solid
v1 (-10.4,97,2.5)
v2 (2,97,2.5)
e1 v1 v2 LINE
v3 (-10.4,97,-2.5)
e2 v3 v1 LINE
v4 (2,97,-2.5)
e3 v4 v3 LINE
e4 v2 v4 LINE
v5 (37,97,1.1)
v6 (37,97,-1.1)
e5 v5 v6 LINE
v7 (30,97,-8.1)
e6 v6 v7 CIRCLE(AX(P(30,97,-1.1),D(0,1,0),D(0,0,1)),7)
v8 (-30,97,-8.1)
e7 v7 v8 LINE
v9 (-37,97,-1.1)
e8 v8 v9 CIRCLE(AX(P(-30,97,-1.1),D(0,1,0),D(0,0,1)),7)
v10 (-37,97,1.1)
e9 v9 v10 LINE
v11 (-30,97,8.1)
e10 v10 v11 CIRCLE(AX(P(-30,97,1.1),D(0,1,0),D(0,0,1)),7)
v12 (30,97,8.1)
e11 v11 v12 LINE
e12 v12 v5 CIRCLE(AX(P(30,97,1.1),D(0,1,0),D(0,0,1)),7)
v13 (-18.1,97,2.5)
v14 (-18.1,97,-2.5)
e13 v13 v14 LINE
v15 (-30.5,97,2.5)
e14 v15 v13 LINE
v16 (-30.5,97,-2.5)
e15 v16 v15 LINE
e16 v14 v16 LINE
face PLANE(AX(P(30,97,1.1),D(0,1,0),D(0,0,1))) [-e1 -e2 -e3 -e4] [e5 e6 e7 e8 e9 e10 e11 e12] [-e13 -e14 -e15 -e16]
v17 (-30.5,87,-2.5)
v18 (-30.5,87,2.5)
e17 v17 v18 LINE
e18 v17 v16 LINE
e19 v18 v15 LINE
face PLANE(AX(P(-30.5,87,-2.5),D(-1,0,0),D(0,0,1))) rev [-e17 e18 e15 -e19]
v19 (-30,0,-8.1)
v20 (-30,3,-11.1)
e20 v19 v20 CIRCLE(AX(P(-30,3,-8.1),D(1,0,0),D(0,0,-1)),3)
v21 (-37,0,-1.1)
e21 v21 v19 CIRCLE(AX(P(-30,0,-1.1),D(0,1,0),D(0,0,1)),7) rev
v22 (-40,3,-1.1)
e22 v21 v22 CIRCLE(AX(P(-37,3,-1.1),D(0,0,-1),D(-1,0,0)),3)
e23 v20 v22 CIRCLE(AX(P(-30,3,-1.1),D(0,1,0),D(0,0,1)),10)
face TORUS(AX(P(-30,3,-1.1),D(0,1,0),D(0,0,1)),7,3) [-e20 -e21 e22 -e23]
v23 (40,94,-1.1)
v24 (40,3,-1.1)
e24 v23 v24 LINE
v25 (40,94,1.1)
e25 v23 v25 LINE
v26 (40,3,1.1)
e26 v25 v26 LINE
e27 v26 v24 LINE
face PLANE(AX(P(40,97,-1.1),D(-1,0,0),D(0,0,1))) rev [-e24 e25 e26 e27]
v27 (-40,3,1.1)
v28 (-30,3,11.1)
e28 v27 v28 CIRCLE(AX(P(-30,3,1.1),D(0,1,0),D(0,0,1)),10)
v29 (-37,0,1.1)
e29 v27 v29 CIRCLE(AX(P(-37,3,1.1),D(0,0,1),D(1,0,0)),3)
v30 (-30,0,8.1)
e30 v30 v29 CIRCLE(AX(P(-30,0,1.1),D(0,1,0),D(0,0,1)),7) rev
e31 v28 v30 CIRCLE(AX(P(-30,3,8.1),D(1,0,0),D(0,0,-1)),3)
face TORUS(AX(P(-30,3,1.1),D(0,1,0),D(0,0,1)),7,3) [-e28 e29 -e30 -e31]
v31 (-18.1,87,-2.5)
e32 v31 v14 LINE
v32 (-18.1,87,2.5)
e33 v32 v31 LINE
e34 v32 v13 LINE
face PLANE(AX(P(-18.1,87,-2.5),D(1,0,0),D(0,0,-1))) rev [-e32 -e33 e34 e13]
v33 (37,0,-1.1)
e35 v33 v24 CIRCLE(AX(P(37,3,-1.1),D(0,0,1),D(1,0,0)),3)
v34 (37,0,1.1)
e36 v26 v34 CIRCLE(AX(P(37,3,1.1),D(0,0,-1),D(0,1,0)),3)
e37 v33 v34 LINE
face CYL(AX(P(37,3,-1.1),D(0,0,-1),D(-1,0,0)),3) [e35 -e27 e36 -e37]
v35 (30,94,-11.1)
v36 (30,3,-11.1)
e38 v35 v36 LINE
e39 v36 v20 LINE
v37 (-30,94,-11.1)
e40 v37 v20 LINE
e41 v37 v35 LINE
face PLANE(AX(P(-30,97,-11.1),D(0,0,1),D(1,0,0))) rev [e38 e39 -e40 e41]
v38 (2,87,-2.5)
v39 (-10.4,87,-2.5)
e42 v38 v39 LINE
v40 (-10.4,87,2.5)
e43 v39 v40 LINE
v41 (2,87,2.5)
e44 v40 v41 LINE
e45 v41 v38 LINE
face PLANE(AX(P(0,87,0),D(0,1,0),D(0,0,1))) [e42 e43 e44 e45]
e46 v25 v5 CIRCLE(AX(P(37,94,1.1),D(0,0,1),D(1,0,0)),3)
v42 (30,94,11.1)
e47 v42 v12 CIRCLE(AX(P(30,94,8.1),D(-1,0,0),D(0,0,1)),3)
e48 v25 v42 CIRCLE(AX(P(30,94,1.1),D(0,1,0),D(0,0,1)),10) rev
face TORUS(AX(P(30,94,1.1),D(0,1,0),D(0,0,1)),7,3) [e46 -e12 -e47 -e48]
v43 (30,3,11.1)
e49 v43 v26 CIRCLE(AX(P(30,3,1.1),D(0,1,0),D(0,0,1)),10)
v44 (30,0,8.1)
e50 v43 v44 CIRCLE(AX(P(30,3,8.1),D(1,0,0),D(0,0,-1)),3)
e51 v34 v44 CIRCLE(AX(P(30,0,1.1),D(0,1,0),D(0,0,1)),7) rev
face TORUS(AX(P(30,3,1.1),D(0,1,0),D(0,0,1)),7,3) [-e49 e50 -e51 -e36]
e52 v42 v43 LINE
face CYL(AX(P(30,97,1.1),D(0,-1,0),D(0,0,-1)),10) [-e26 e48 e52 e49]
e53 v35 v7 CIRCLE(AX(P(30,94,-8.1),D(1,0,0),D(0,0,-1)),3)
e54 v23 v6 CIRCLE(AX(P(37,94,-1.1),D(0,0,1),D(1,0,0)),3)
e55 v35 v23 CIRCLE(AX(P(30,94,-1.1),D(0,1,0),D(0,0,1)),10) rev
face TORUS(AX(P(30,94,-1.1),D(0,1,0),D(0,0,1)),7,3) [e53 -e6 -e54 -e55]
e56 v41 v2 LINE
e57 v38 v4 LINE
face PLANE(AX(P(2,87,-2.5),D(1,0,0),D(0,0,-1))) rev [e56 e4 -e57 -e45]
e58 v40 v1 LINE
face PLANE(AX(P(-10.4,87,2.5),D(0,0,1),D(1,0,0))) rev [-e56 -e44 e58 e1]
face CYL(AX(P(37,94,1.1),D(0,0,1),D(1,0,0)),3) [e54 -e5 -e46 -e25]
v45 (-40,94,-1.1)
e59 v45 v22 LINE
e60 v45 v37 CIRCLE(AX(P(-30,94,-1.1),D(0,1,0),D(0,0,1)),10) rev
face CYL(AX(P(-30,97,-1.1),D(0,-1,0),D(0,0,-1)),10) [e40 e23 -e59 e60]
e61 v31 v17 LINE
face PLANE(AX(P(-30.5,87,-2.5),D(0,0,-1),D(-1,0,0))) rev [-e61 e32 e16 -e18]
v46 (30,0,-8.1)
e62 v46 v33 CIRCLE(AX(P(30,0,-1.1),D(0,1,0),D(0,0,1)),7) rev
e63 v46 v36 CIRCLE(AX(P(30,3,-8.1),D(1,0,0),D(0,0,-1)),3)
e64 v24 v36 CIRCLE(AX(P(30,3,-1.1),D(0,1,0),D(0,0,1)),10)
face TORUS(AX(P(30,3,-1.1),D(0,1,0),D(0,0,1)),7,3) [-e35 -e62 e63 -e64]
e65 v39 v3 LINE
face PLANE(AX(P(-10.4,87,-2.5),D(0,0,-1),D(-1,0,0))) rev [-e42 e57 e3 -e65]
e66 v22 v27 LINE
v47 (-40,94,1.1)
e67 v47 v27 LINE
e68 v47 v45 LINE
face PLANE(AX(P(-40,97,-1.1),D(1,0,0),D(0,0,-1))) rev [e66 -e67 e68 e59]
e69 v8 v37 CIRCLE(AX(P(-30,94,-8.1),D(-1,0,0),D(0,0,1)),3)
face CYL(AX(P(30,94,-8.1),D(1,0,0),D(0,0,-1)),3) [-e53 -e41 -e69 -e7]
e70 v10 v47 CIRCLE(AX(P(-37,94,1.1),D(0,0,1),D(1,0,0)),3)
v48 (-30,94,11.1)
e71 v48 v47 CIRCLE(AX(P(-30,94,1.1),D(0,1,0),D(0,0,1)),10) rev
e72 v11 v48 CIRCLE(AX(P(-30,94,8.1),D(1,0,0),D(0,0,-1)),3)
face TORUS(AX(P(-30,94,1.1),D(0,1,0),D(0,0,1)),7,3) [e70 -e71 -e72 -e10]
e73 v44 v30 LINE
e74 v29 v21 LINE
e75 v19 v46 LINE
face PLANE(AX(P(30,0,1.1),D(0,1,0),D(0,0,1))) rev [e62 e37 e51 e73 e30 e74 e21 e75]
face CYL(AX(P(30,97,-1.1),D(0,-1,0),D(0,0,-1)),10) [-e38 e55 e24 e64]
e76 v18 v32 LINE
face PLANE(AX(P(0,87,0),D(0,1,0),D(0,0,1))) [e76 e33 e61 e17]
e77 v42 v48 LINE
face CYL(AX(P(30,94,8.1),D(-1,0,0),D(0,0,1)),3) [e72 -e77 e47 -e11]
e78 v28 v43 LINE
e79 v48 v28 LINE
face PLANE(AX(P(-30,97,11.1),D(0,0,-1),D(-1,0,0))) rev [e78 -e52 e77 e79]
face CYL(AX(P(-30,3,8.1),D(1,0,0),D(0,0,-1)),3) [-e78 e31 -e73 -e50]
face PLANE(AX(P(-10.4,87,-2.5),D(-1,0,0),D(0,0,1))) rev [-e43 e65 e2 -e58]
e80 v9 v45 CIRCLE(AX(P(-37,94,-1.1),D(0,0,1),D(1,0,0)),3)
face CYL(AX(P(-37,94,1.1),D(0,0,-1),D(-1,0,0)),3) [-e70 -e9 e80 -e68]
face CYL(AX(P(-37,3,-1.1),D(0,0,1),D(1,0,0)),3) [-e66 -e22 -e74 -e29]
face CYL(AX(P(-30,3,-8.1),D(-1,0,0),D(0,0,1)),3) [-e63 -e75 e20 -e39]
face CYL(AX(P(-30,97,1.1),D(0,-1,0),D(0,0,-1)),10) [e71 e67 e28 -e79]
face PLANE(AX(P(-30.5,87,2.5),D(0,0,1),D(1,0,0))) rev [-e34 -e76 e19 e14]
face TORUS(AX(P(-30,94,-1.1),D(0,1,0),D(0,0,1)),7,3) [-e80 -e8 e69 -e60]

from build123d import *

# Parameters (mm, degrees)
BOSS_EXTRUDE1_DEPTH = 97
FILLET1_R           = 3
SKETCH2_W           = 12.4
SKETCH2_H           = 5
CUT_EXTRUDE1_DEPTH  = 10


with BuildPart() as part:
    # Sketch1 → Boss-Extrude1 (new body)
    with BuildSketch(Plane(origin=(0, 0, 0), x_dir=(1, 0, 0), z_dir=(0, 1, 0))):
        with BuildLine():
            Line((-30, 11.1), (30, 11.1))
            ThreePointArc((30, 11.1), (37.071067812, 8.171067812), (40, 1.1))
            Line((40, 1.1), (40, -1.1))
            ThreePointArc((40, -1.1), (37.071067812, -8.171067812), (30, -11.1))
            Line((30, -11.1), (-30, -11.1))
            ThreePointArc((-30, -11.1), (-37.071067812, -8.171067812), (-40, -1.1))
            Line((-40, -1.1), (-40, 1.1))
            ThreePointArc((-40, 1.1), (-37.071067812, 8.171067812), (-30, 11.1))
        make_face()
    extrude(amount=BOSS_EXTRUDE1_DEPTH)

    # Fillet1
    fillet1_edges = [part.edges().sort_by_distance(p)[0] for p in [
        (37.071067812, 97, -8.171067812),
        (40, 0, 0),
        (37.071067812, 0, 8.171067812),
        (0, 97, -11.1),
        (-37.071067812, 97, -8.171067812),
        (-40, 97, 0),
        (-37.071067812, 97, 8.171067812),
        (0, 97, 11.1),
        (37.071067812, 97, 8.171067812),
        (40, 97, 0),
        (0, 0, 11.1),
        (-37.071067812, 0, 8.171067812),
        (-40, 0, 0),
        (-37.071067812, 0, -8.171067812),
        (0, 0, -11.1),
        (37.071067812, 0, -8.171067812),
    ]]
    fillet(fillet1_edges, radius=FILLET1_R)

    # Sketch2 → Cut-Extrude1 (cut)
    with BuildSketch(Plane(origin=(0, 97, 0), x_dir=(1, 0, 0), z_dir=(0, 1, 0))):
        with Locations((-24.3, 0)):
            Rectangle(SKETCH2_W, SKETCH2_H)
        with Locations((-4.2, 0)):
            Rectangle(SKETCH2_W, SKETCH2_H)
    extrude(amount=-CUT_EXTRUDE1_DEPTH, mode=Mode.SUBTRACT)


solid = part.part
